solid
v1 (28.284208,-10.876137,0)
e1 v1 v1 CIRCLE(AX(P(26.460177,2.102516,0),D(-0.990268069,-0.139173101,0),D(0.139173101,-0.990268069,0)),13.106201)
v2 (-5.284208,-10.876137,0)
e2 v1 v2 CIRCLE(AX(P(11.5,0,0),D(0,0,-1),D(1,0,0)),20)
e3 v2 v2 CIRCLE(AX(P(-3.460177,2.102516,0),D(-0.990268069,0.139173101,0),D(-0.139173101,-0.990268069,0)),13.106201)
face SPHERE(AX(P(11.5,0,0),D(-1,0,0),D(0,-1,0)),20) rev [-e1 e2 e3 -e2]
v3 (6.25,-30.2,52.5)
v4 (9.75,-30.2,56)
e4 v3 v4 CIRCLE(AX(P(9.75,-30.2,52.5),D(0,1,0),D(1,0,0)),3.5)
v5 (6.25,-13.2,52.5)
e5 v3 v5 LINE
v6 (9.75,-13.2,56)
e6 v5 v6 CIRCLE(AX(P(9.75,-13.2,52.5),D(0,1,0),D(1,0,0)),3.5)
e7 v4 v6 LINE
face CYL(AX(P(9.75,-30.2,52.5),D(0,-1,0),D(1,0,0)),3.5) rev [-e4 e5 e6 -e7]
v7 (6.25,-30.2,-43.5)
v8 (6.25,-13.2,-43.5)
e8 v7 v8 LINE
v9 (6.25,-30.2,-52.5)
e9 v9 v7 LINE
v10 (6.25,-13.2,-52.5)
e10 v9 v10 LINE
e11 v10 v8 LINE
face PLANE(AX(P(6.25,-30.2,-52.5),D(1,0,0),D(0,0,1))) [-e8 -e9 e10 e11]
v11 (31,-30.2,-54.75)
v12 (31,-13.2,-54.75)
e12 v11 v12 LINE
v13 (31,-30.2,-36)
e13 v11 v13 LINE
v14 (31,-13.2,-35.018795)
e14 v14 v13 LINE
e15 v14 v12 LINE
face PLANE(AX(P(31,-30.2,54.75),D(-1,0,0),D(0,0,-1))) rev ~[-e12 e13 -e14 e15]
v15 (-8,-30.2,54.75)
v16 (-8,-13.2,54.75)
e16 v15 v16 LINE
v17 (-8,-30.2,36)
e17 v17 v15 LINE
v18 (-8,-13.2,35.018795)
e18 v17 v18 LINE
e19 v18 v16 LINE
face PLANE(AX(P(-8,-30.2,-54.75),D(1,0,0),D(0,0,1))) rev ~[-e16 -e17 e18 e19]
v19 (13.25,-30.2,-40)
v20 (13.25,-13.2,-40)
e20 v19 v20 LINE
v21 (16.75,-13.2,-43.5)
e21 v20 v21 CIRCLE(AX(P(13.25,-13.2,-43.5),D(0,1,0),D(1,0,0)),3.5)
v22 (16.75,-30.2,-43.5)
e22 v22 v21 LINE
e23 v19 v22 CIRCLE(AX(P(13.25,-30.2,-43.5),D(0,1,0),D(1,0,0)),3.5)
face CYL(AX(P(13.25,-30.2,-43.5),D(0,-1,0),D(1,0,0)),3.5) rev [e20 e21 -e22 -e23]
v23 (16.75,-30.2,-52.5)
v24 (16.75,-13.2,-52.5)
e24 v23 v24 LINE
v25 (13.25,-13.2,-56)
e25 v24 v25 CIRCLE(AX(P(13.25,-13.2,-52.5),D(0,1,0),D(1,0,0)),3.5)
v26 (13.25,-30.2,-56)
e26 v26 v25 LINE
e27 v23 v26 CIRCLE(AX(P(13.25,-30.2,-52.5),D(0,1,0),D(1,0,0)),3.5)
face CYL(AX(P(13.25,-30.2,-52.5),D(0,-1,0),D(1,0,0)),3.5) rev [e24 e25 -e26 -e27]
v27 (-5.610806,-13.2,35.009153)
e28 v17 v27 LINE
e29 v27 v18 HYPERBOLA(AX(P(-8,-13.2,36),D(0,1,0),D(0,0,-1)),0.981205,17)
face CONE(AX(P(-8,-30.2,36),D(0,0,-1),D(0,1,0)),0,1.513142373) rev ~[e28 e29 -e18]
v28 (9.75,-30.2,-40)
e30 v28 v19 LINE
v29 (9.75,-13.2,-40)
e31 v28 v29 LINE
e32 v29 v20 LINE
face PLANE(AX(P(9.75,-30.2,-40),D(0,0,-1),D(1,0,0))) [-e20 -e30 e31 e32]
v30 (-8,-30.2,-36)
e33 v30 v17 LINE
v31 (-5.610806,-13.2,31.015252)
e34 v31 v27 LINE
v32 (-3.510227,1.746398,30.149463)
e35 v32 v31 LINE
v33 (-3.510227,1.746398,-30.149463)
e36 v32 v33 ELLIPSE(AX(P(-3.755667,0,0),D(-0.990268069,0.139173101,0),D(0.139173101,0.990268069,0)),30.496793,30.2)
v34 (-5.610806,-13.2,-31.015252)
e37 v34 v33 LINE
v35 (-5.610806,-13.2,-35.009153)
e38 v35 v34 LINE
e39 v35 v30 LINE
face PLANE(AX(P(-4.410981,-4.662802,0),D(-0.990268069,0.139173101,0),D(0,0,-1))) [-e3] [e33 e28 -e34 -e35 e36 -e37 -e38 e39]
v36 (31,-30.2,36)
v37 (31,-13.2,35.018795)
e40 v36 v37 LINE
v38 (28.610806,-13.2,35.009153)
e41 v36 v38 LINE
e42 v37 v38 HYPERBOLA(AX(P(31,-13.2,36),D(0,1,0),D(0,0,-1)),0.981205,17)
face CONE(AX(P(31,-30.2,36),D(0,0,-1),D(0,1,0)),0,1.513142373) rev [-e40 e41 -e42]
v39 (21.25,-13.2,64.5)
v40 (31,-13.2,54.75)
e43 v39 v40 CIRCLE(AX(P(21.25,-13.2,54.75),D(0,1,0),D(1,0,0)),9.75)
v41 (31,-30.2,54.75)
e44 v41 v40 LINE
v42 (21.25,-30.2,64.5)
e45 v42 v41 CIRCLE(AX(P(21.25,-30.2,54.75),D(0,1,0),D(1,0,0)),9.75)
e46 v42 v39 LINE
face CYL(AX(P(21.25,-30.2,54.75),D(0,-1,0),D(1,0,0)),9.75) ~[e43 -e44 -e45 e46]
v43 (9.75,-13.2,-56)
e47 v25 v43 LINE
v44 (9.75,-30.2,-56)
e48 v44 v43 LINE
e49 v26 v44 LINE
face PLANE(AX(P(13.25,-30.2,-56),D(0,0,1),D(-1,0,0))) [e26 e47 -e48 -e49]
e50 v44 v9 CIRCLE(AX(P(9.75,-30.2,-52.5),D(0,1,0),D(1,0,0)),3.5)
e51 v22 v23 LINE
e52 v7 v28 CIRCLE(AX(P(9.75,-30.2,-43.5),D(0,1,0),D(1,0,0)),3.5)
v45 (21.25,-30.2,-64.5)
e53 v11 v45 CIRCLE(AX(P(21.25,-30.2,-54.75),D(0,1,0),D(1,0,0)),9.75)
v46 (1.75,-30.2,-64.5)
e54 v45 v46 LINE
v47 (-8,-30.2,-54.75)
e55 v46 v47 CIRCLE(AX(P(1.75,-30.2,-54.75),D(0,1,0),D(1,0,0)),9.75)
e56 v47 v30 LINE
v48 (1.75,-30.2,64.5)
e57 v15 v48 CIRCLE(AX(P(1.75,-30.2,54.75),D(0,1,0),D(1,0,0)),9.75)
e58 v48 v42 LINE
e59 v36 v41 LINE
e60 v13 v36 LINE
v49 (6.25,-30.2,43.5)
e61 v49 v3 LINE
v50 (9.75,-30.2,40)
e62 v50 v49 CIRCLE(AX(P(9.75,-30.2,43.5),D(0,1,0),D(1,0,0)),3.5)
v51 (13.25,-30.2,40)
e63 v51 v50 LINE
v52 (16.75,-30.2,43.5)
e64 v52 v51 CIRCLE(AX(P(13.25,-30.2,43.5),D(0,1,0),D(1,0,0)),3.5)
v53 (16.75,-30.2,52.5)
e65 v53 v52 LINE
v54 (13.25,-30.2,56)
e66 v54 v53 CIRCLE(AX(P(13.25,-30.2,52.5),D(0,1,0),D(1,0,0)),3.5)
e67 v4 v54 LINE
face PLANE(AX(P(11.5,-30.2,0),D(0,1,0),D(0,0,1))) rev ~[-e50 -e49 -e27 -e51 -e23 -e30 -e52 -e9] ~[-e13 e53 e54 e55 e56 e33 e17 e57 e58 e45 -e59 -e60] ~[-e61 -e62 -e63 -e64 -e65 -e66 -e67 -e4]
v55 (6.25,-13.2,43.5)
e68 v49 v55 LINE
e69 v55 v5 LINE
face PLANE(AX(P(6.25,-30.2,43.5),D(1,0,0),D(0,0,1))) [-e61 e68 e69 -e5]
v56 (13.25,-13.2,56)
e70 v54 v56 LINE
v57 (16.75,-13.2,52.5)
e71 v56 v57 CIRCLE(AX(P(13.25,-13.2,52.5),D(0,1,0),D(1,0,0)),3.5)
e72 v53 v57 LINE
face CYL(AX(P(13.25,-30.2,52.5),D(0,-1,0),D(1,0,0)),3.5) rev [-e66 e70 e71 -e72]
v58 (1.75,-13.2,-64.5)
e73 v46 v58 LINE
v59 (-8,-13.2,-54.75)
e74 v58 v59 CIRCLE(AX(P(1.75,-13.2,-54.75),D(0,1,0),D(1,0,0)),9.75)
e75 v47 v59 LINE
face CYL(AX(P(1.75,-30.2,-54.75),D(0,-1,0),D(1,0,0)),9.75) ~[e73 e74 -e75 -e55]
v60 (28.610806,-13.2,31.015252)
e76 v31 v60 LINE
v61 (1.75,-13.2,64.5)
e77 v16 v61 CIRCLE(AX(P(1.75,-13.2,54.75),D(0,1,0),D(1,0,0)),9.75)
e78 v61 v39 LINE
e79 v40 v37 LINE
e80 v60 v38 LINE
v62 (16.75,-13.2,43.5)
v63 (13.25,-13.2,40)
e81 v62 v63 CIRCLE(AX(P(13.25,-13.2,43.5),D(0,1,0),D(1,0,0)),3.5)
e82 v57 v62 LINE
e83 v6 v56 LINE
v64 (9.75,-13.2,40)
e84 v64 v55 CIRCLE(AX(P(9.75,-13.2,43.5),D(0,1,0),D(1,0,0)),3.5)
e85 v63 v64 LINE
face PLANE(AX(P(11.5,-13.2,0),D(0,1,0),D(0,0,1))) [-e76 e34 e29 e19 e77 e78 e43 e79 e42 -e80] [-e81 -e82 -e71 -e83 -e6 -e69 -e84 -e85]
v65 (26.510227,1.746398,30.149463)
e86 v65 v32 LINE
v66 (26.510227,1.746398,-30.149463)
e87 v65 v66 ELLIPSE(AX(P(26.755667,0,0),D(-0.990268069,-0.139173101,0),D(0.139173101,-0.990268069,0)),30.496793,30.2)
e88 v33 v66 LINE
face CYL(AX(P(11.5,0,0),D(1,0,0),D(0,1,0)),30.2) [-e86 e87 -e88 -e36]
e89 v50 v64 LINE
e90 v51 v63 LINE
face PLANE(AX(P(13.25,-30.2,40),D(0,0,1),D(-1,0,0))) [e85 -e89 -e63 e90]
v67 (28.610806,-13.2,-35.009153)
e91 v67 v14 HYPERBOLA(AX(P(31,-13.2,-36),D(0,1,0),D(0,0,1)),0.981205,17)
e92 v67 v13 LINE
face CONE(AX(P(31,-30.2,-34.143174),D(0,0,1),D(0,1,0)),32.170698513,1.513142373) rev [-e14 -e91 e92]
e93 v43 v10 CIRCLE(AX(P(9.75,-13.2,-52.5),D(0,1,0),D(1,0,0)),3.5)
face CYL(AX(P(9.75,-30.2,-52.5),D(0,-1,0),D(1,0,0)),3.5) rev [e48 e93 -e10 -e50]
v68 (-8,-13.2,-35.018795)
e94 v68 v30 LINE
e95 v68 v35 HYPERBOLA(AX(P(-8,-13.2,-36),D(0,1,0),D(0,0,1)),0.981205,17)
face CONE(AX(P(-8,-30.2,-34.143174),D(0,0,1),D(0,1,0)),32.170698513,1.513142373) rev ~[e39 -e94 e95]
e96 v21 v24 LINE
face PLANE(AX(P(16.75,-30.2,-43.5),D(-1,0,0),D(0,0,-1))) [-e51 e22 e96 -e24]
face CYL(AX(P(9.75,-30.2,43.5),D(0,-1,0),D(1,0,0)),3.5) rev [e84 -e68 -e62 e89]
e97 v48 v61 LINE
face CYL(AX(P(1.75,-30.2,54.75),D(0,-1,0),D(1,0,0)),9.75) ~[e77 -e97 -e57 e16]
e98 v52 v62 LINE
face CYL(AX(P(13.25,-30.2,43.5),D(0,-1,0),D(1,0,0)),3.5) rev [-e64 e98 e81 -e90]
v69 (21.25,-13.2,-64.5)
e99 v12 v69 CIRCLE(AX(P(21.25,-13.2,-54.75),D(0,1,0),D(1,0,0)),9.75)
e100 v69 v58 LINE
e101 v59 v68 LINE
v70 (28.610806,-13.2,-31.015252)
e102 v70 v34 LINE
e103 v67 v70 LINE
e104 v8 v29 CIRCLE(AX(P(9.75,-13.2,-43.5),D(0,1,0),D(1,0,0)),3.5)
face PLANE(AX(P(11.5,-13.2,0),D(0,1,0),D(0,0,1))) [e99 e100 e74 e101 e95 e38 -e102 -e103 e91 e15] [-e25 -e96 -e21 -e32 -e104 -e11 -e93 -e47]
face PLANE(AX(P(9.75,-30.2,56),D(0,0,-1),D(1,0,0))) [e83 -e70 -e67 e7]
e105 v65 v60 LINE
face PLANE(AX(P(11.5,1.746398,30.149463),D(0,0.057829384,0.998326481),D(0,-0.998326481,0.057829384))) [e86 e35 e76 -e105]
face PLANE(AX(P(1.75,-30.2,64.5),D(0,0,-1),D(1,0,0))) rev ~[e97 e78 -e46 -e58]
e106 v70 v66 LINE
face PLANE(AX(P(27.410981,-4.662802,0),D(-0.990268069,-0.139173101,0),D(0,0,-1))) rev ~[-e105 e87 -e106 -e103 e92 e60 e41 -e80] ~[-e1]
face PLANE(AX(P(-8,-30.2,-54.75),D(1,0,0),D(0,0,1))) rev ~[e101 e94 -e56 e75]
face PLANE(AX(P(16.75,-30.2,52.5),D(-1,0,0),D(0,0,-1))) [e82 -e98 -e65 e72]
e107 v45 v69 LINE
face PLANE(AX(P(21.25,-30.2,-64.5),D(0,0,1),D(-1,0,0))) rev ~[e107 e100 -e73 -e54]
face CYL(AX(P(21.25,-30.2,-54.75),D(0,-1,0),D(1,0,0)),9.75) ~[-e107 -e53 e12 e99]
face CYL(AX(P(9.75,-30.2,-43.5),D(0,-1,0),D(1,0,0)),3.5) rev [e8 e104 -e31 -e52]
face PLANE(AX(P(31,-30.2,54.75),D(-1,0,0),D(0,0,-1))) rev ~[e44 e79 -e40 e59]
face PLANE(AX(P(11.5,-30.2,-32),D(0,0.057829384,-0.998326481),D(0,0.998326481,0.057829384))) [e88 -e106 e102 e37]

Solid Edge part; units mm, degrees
sketch "Sketch1" plane through (0, -30.2, 0) normal (0, -1, 0) x (1, 0, 0)
  line L0 (-8, -54.75) -> (-8, 54.75)
  arc A0 (-8, 54.75) -> (1.75, 64.5) centre (1.75, 54.75) cw
  line L1 (1.75, 64.5) -> (21.25, 64.5)
  arc A1 (21.25, 64.5) -> (31, 54.75) centre (21.25, 54.75) cw
  line L2 (31, 54.75) -> (31, -54.75)
  arc A2 (31, -54.75) -> (21.25, -64.5) centre (21.25, -54.75) cw
  line L3 (21.25, -64.5) -> (1.75, -64.5)
  arc A3 (1.75, -64.5) -> (-8, -54.75) centre (1.75, -54.75) cw
  line L4 (6.25, 43.5) -> (6.25, 52.5)
  arc A4 (6.25, 52.5) -> (9.75, 56) centre (9.75, 52.5) cw
  line L5 (9.75, 56) -> (13.25, 56)
  arc A5 (13.25, 56) -> (16.75, 52.5) centre (13.25, 52.5) cw
  line L6 (16.75, 52.5) -> (16.75, 43.5)
  arc A6 (16.75, 43.5) -> (13.25, 40) centre (13.25, 43.5) cw
  line L7 (13.25, 40) -> (9.75, 40)
  arc A7 (9.75, 40) -> (6.25, 43.5) centre (9.75, 43.5) cw
  arc A8 (6.25, -43.5) -> (9.75, -40) centre (9.75, -43.5) cw
  line L8 (9.75, -40) -> (13.25, -40)
  arc A9 (13.25, -40) -> (16.75, -43.5) centre (13.25, -43.5) cw
  line L9 (16.75, -43.5) -> (16.75, -52.5)
  arc A10 (16.75, -52.5) -> (13.25, -56) centre (13.25, -52.5) cw
  line L10 (13.25, -56) -> (9.75, -56)
  arc A11 (9.75, -56) -> (6.25, -52.5) centre (9.75, -52.5) cw
  line L11 (6.25, -52.5) -> (6.25, -43.5)
extrude "ExtrudedProtrusion_1" add sketch "Sketch1" against normal blind 17
sketch "Sketch2" plane through (11.5, 0, 0) normal (1, 0, 0) x (0, 1, 0)
  line L0 (-30.2, 32) -> (-30.2, -32)
  line L1 (-30.2, -32) -> (1.7464, -30.1495)
  arc A0 (1.7464, -30.1495) -> (1.7464, 30.1495) centre (0, 0) ccw
  line L2 (1.7464, 30.1495) -> (-30.2, 32)
extrude "ExtrudedProtrusion_2" add sketch "Sketch2" against normal blind 19.5 and the other way blind 19.5
sketch "Sketch3" plane through (31, 0, 0) normal (1, 0, 0) x (0, 1, 0)
  line L0 (-30.2, 36) -> (1.9707, 34.1432)
  arc A0 (1.9707, 34.1432) -> (1.9707, -34.1432) centre (0, 0) cw
  line L1 (1.9707, -34.1432) -> (-30.2, -36)
  line L2 (-30.2, -36) -> (-30.2, 36)
revolve "RevolvedCutout_1" cut sketch "Sketch3" angle 8 about axis through (31, -30.2, -36) along (0, 0, 1)
sketch "Sketch4" plane through (-8, 0, 0) normal (1, 0, 0) x (0, 1, 0)
  line L0 (-30.2, 36) -> (1.9707, 34.1432)
  arc A0 (1.9707, 34.1432) -> (1.9707, -34.1432) centre (0, 0) cw
  line L1 (1.9707, -34.1432) -> (-30.2, -36)
  line L2 (-30.2, -36) -> (-30.2, 36)
revolve "RevolvedCutout_2" cut sketch "Sketch4" angle 8 about axis through (-8, -30.2, -36) along (0, 0, -1)
sketch "Sketch5" plane through (0, 0, 0) normal (0, 0, 1) x (1, 0, 0)
  arc A0 (31.5, 0) -> (-8.5, 0) centre (11.5, 0) cw
  line L0 (-8.5, 0) -> (31.5, 0)
revolve "RevolvedCutout1" cut sketch "Sketch5" angle 360 about axis through (-8.5, 0, 0) along (1, 0, 0)
properties part number "UCP201 GB/T7810-1995_PART5"
